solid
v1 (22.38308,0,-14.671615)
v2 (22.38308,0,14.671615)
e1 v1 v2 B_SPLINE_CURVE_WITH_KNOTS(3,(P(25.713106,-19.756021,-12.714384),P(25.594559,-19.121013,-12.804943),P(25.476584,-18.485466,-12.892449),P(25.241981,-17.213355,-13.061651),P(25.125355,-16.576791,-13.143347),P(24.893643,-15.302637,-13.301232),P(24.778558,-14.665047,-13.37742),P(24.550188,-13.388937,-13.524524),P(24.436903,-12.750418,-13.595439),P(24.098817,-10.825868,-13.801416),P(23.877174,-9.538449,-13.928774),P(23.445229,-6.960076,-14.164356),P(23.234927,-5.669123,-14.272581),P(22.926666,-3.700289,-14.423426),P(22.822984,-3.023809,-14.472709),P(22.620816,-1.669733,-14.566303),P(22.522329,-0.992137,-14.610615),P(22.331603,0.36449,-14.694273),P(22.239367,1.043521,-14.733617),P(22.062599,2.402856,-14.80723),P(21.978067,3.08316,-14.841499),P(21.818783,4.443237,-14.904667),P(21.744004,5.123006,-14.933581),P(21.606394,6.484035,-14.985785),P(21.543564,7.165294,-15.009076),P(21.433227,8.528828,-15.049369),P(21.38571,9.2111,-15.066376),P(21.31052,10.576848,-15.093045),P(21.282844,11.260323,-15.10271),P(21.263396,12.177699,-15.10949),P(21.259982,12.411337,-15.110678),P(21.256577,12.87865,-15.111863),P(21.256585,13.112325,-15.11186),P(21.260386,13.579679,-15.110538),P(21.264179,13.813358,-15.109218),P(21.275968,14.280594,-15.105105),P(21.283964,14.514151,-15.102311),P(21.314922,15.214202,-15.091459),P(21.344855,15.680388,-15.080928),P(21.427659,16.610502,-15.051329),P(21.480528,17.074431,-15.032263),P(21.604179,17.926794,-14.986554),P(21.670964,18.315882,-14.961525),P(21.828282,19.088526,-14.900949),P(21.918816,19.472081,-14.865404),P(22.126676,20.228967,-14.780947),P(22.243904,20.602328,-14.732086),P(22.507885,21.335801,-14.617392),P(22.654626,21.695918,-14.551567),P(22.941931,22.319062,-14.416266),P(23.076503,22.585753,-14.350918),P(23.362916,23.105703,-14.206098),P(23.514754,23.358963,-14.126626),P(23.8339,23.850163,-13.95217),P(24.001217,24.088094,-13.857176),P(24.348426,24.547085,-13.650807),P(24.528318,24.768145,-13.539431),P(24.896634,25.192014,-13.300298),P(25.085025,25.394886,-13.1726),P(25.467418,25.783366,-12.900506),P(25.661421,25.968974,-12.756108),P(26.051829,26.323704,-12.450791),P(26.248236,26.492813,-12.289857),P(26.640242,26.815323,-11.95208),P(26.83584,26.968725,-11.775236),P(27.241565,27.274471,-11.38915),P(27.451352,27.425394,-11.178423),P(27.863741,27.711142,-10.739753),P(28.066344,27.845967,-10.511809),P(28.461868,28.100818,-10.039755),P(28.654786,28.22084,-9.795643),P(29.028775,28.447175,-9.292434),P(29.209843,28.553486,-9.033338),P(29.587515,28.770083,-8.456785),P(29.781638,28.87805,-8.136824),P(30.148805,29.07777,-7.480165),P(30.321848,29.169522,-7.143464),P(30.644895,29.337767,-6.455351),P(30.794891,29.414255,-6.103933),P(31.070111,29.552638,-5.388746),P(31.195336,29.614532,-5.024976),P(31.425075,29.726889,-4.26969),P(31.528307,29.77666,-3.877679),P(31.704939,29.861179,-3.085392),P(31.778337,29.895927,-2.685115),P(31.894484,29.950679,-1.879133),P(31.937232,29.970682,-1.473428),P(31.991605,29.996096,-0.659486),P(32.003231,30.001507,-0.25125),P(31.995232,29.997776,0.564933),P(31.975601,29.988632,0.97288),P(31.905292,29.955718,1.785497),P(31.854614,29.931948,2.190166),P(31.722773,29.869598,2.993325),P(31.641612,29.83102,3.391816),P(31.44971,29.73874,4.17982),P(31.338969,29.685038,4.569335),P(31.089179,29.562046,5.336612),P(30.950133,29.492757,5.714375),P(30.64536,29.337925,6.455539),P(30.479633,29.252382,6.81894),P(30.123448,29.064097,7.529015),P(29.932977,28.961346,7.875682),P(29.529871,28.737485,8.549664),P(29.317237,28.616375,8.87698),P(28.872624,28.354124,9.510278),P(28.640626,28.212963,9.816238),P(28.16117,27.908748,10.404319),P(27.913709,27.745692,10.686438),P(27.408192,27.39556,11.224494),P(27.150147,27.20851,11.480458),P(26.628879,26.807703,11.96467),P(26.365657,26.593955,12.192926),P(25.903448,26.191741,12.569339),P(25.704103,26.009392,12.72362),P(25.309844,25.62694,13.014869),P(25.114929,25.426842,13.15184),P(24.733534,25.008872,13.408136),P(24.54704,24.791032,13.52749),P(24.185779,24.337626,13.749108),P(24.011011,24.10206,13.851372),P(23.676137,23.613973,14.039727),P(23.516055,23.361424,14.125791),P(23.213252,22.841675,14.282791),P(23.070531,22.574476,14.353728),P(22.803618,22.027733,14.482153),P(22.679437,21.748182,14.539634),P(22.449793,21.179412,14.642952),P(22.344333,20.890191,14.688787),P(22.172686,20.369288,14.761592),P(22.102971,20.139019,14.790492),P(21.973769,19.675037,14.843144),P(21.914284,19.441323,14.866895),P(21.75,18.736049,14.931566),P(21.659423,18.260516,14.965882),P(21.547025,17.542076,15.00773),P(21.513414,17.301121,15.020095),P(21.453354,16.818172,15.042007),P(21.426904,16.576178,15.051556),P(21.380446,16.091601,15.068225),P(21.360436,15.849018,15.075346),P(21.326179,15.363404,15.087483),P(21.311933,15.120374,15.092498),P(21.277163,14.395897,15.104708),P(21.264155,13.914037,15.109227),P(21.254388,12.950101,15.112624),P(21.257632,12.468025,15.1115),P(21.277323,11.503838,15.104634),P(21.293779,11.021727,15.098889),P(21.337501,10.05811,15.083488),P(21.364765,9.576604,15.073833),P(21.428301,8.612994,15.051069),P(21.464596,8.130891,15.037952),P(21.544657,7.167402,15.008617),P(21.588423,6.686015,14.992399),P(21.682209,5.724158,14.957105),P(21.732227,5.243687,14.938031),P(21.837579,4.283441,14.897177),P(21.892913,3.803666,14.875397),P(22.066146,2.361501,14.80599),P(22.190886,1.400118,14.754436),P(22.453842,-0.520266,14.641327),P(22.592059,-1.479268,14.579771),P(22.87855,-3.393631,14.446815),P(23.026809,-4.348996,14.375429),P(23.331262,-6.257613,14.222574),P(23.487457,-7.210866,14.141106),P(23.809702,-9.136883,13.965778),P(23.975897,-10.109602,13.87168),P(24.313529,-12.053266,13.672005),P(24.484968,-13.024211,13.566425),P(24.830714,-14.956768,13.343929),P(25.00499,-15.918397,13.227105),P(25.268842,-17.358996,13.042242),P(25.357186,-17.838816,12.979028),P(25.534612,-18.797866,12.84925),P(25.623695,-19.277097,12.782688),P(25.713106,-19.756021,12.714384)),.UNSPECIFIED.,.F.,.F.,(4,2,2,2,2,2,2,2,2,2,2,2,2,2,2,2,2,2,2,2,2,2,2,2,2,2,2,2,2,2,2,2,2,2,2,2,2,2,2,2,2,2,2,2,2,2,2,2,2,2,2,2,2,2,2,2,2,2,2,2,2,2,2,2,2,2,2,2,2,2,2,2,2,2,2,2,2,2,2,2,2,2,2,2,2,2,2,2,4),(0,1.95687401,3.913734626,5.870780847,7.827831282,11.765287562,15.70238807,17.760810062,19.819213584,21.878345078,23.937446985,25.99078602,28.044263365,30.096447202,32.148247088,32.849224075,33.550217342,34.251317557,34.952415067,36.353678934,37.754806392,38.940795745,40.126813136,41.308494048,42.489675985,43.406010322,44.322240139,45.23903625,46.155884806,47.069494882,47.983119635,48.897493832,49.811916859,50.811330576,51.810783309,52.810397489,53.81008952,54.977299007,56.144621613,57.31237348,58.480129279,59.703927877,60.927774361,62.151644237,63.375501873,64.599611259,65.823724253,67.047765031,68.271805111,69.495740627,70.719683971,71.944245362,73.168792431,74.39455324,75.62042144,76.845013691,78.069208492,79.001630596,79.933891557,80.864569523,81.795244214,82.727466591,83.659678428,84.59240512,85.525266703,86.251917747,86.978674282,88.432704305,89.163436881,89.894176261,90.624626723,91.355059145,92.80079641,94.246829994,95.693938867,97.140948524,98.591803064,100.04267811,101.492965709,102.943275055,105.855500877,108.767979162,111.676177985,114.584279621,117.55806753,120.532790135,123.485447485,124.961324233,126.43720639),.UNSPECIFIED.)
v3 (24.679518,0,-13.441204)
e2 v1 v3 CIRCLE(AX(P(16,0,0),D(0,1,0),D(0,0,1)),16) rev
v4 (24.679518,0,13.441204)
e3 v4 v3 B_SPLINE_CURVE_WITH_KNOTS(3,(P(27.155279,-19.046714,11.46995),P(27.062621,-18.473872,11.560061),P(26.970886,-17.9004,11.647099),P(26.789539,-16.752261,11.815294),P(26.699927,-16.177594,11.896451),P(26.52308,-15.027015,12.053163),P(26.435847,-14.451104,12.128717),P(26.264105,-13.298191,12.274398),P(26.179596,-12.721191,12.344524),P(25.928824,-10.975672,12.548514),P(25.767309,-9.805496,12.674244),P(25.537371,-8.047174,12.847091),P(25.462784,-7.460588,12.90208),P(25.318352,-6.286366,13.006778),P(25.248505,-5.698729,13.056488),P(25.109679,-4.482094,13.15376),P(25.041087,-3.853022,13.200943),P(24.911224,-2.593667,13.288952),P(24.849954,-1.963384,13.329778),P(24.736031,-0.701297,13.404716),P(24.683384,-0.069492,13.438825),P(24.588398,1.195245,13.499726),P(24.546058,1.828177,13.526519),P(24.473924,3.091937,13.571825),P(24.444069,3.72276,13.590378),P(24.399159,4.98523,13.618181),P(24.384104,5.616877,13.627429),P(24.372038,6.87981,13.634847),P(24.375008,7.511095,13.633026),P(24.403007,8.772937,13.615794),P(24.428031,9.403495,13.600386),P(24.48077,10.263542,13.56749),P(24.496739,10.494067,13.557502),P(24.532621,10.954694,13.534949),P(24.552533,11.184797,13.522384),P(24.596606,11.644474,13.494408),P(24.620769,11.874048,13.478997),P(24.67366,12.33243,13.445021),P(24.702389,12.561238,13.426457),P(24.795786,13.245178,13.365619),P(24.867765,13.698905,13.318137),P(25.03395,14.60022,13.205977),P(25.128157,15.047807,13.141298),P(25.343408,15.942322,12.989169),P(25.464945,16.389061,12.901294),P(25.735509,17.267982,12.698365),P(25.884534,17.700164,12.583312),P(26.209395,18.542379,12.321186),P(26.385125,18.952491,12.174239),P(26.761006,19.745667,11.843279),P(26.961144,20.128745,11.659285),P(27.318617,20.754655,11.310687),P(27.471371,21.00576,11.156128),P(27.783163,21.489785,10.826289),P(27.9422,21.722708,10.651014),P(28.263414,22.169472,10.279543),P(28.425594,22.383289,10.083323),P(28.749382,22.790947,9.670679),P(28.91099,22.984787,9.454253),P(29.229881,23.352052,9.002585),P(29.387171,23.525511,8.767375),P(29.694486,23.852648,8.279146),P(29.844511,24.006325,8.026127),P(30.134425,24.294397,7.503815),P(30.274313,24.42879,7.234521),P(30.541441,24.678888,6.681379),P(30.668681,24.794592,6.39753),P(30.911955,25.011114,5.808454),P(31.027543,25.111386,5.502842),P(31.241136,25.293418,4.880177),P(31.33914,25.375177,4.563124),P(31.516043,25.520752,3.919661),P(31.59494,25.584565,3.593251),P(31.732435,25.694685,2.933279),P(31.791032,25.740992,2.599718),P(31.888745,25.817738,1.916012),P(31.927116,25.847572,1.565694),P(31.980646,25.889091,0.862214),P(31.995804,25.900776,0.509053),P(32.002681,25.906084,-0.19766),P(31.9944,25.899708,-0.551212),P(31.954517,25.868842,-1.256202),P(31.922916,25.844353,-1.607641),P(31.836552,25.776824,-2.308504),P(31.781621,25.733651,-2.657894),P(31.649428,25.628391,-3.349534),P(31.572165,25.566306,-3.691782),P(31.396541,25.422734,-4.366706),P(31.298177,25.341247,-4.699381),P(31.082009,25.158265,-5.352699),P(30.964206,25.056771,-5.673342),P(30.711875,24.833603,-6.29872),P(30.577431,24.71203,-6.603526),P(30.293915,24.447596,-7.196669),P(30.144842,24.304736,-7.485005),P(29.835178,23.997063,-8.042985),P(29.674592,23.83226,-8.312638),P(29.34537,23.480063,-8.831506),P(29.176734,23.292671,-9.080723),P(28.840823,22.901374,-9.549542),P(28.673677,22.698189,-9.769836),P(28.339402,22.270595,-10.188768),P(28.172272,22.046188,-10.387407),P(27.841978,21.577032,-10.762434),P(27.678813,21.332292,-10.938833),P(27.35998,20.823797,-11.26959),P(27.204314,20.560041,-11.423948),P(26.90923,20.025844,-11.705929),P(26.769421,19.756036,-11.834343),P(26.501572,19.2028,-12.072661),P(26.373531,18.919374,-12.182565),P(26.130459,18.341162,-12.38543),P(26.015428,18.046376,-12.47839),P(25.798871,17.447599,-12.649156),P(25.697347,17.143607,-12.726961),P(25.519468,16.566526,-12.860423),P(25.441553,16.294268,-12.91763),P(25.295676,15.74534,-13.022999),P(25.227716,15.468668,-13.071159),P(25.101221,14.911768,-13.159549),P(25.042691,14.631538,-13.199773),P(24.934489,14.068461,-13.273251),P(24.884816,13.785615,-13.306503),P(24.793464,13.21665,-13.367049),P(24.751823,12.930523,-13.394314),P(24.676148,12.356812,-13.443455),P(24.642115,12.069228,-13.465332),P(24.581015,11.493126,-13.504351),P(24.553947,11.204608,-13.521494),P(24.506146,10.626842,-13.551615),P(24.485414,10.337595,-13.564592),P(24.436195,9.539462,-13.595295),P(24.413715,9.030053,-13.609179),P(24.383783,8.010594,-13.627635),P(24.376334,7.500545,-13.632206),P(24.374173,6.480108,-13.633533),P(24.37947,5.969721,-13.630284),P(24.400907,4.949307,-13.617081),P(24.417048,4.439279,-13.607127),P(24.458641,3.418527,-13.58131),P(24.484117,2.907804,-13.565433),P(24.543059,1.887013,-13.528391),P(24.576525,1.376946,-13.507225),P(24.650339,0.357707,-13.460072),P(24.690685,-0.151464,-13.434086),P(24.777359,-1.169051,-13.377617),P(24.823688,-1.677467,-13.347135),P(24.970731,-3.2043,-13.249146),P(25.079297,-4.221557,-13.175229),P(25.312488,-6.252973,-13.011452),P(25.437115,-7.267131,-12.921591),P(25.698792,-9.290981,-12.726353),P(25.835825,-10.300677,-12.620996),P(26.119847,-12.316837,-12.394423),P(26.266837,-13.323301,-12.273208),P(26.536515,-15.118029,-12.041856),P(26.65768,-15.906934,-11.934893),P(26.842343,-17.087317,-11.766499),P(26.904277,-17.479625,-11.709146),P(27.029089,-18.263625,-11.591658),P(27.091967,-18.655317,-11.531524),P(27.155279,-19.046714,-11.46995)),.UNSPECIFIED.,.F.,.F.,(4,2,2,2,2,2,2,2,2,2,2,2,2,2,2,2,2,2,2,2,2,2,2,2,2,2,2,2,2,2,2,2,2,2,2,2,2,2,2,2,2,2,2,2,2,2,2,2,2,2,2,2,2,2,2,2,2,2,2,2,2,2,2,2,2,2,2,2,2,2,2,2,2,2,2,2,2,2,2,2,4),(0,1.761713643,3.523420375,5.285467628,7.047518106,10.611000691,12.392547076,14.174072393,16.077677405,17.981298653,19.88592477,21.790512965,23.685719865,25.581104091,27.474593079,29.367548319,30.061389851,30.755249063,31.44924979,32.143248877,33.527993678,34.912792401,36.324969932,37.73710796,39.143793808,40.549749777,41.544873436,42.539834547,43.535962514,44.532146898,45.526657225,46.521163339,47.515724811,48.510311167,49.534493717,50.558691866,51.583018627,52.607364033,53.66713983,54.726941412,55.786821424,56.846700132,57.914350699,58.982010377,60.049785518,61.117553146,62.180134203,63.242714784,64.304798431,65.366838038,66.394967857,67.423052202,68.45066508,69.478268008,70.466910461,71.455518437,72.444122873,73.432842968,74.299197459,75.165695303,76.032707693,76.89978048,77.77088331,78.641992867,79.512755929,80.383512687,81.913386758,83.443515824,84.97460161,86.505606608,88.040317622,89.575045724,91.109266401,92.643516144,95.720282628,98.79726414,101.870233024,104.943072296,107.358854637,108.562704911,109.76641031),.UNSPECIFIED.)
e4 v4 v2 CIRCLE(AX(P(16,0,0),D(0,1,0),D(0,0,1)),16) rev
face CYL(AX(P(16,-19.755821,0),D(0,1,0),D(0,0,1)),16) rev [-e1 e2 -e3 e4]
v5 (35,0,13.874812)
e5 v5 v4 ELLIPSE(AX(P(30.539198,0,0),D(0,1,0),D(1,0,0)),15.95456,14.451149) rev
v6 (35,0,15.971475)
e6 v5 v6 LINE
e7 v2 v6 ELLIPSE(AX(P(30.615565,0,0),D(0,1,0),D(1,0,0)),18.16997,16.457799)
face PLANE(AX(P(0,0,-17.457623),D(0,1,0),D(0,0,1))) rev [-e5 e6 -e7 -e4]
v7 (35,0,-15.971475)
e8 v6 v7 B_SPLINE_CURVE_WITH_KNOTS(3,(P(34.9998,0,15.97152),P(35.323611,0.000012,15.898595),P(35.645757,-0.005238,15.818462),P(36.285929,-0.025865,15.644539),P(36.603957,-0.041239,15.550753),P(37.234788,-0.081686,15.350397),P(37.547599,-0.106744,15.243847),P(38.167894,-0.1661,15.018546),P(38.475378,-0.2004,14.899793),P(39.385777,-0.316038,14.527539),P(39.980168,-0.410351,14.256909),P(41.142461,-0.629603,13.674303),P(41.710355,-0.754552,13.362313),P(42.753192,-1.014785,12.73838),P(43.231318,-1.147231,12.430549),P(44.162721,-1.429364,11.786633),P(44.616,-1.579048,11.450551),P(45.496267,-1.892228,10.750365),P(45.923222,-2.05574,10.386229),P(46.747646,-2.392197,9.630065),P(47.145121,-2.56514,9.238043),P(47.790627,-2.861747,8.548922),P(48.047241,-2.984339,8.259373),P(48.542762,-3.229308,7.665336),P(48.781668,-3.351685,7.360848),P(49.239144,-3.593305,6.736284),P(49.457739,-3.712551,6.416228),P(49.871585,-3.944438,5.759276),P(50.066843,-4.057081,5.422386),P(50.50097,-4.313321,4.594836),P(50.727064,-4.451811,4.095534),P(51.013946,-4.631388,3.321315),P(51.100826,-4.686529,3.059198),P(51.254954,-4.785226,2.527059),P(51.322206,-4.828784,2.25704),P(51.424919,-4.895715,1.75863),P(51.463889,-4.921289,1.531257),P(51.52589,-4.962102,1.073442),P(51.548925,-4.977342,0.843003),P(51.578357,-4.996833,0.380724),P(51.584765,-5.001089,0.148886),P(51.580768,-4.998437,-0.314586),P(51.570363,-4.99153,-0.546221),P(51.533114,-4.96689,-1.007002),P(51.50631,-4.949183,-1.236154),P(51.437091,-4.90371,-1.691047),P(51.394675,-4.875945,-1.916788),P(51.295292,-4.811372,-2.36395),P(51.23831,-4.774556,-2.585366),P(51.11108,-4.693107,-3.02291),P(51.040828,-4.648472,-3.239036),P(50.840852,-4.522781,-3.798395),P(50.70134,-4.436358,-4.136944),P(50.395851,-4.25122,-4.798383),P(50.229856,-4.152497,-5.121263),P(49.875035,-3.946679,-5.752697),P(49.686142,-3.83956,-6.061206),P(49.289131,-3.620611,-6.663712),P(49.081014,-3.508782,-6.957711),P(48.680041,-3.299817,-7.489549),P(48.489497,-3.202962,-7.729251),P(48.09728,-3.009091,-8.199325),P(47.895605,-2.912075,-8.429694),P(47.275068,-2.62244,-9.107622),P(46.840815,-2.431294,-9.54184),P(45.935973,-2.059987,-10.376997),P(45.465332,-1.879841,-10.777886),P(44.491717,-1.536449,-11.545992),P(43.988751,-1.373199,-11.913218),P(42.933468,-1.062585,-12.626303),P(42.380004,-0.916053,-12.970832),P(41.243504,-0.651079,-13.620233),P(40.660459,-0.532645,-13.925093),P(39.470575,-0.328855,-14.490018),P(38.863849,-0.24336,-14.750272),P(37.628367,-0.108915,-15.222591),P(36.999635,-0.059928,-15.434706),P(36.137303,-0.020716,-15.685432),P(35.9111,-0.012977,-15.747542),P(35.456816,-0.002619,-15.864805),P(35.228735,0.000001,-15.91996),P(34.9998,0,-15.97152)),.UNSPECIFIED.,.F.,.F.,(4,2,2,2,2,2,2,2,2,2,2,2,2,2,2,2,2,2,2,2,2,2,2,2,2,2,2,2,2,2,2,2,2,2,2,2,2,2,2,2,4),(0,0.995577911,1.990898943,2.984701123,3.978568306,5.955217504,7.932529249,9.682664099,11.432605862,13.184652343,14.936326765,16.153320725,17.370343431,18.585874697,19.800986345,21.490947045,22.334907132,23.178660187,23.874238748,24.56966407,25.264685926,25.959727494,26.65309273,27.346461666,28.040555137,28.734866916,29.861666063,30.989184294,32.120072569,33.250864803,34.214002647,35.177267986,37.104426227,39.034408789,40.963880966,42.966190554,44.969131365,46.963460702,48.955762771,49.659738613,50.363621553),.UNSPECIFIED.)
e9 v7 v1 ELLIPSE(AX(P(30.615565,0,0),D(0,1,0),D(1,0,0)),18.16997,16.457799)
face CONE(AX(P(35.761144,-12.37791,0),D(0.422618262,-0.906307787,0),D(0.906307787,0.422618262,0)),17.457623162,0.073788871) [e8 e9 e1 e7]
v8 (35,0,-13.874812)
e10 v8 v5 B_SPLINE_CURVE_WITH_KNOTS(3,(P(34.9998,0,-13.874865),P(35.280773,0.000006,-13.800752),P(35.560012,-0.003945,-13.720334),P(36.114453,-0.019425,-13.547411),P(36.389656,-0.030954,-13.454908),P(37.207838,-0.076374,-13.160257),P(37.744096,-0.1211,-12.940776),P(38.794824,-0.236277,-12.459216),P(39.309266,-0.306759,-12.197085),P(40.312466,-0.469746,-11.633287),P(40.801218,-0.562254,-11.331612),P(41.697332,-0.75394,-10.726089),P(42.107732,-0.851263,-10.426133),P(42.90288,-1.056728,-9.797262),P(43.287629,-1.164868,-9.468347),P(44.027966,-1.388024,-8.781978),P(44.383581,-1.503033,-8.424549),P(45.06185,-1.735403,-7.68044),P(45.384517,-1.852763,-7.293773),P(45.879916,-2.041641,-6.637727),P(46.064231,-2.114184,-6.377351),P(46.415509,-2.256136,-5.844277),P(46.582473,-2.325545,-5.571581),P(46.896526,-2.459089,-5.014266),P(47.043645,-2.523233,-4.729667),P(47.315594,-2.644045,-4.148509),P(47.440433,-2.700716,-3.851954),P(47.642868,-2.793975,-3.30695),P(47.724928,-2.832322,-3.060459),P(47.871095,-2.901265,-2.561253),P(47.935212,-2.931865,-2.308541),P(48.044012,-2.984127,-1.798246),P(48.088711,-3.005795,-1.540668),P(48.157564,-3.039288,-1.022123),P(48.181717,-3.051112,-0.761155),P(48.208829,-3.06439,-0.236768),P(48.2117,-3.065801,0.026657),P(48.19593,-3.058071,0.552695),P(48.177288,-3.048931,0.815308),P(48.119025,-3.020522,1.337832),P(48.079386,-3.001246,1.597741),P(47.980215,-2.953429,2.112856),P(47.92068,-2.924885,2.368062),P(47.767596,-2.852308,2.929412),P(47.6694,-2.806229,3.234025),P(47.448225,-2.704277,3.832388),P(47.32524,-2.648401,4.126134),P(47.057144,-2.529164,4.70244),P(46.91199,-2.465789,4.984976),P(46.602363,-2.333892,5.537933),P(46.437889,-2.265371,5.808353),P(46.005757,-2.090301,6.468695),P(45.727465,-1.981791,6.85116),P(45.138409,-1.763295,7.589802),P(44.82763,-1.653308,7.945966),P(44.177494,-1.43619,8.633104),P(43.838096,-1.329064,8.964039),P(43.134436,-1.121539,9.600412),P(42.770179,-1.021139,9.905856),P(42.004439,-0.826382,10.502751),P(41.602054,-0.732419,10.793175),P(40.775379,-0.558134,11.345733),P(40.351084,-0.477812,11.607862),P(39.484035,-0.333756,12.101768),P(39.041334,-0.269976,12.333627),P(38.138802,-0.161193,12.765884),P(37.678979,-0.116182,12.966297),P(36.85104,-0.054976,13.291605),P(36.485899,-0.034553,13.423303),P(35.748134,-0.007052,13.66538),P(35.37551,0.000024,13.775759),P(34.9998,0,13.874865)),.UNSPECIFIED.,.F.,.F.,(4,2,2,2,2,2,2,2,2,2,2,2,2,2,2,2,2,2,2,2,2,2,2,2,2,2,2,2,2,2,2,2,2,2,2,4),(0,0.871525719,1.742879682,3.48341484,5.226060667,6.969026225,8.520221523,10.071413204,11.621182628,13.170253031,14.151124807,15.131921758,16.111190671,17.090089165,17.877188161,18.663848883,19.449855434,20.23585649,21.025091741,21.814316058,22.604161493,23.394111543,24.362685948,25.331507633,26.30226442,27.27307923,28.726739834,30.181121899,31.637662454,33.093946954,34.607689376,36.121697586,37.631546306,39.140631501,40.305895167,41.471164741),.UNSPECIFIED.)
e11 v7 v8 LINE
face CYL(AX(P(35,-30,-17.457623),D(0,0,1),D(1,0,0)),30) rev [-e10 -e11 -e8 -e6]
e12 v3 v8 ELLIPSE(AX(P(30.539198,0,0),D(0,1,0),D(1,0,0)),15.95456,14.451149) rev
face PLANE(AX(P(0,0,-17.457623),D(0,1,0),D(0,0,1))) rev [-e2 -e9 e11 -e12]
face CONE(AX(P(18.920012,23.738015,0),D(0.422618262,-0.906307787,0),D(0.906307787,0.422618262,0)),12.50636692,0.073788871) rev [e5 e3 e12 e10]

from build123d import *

# Parameters (mm, degrees)
ESQUISSE7_R                  = 16
ENL_V_MAT_EXTRU_4_DEPTH      = 31
ENL_V_MAT_EXTRU_4_DEPTH_BACK = 20.75582071
ENL_V_MAT_EXTRU_5_DEPTH      = 18.457623262
ENL_V_MAT_EXTRU_5_DEPTH_BACK = 18.457623262


with BuildPart() as part:
    # Esquisse6 → Révolution3 (revolve)
    with BuildSketch(Plane.XY, mode=Mode.PRIVATE) as r_volution3_sk:
        Polygon((30.254629316, 29.023433988), (49.837753266, -5.976566012), (51.58312395, -5), (32, 30), align=None)
    revolve(r_volution3_sk.sketch.rotate(Axis((16, 30, 0), (0.422618262, -0.906307787, 0)), 180), axis=Axis((16, 30, 0), (0.422618262, -0.906307787, 0)))  # turned: the seam where the file's is

    # Esquisse7 → Enlèv. mat.-Extru.4 (cut, two sides)
    with BuildSketch(Plane(origin=(0, 0, 0), x_dir=(1, 0, 0), z_dir=(0, 1, 0))) as enl_v_mat_extru_4_sk:
        with Locations((16, 0)):
            Circle(ESQUISSE7_R)
    extrude(amount=ENL_V_MAT_EXTRU_4_DEPTH, mode=Mode.SUBTRACT)
    extrude(enl_v_mat_extru_4_sk.sketch, amount=-ENL_V_MAT_EXTRU_4_DEPTH_BACK, mode=Mode.SUBTRACT)

    # Esquisse8 → Enlèv. mat.-Extru.5 (cut, two sides)
    with BuildSketch(Plane.XY) as enl_v_mat_extru_5_sk:
        with BuildLine():
            Line((0, 0), (35, 0))
            ThreePointArc((35, 0), (56.213203436, -8.786796564), (65, -30))
            Line((65, -30), (0, -30))
            Line((0, -30), (0, 0))
        make_face()
    extrude(amount=ENL_V_MAT_EXTRU_5_DEPTH, mode=Mode.SUBTRACT)
    extrude(enl_v_mat_extru_5_sk.sketch, amount=-ENL_V_MAT_EXTRU_5_DEPTH_BACK, mode=Mode.SUBTRACT)


solid = part.part
